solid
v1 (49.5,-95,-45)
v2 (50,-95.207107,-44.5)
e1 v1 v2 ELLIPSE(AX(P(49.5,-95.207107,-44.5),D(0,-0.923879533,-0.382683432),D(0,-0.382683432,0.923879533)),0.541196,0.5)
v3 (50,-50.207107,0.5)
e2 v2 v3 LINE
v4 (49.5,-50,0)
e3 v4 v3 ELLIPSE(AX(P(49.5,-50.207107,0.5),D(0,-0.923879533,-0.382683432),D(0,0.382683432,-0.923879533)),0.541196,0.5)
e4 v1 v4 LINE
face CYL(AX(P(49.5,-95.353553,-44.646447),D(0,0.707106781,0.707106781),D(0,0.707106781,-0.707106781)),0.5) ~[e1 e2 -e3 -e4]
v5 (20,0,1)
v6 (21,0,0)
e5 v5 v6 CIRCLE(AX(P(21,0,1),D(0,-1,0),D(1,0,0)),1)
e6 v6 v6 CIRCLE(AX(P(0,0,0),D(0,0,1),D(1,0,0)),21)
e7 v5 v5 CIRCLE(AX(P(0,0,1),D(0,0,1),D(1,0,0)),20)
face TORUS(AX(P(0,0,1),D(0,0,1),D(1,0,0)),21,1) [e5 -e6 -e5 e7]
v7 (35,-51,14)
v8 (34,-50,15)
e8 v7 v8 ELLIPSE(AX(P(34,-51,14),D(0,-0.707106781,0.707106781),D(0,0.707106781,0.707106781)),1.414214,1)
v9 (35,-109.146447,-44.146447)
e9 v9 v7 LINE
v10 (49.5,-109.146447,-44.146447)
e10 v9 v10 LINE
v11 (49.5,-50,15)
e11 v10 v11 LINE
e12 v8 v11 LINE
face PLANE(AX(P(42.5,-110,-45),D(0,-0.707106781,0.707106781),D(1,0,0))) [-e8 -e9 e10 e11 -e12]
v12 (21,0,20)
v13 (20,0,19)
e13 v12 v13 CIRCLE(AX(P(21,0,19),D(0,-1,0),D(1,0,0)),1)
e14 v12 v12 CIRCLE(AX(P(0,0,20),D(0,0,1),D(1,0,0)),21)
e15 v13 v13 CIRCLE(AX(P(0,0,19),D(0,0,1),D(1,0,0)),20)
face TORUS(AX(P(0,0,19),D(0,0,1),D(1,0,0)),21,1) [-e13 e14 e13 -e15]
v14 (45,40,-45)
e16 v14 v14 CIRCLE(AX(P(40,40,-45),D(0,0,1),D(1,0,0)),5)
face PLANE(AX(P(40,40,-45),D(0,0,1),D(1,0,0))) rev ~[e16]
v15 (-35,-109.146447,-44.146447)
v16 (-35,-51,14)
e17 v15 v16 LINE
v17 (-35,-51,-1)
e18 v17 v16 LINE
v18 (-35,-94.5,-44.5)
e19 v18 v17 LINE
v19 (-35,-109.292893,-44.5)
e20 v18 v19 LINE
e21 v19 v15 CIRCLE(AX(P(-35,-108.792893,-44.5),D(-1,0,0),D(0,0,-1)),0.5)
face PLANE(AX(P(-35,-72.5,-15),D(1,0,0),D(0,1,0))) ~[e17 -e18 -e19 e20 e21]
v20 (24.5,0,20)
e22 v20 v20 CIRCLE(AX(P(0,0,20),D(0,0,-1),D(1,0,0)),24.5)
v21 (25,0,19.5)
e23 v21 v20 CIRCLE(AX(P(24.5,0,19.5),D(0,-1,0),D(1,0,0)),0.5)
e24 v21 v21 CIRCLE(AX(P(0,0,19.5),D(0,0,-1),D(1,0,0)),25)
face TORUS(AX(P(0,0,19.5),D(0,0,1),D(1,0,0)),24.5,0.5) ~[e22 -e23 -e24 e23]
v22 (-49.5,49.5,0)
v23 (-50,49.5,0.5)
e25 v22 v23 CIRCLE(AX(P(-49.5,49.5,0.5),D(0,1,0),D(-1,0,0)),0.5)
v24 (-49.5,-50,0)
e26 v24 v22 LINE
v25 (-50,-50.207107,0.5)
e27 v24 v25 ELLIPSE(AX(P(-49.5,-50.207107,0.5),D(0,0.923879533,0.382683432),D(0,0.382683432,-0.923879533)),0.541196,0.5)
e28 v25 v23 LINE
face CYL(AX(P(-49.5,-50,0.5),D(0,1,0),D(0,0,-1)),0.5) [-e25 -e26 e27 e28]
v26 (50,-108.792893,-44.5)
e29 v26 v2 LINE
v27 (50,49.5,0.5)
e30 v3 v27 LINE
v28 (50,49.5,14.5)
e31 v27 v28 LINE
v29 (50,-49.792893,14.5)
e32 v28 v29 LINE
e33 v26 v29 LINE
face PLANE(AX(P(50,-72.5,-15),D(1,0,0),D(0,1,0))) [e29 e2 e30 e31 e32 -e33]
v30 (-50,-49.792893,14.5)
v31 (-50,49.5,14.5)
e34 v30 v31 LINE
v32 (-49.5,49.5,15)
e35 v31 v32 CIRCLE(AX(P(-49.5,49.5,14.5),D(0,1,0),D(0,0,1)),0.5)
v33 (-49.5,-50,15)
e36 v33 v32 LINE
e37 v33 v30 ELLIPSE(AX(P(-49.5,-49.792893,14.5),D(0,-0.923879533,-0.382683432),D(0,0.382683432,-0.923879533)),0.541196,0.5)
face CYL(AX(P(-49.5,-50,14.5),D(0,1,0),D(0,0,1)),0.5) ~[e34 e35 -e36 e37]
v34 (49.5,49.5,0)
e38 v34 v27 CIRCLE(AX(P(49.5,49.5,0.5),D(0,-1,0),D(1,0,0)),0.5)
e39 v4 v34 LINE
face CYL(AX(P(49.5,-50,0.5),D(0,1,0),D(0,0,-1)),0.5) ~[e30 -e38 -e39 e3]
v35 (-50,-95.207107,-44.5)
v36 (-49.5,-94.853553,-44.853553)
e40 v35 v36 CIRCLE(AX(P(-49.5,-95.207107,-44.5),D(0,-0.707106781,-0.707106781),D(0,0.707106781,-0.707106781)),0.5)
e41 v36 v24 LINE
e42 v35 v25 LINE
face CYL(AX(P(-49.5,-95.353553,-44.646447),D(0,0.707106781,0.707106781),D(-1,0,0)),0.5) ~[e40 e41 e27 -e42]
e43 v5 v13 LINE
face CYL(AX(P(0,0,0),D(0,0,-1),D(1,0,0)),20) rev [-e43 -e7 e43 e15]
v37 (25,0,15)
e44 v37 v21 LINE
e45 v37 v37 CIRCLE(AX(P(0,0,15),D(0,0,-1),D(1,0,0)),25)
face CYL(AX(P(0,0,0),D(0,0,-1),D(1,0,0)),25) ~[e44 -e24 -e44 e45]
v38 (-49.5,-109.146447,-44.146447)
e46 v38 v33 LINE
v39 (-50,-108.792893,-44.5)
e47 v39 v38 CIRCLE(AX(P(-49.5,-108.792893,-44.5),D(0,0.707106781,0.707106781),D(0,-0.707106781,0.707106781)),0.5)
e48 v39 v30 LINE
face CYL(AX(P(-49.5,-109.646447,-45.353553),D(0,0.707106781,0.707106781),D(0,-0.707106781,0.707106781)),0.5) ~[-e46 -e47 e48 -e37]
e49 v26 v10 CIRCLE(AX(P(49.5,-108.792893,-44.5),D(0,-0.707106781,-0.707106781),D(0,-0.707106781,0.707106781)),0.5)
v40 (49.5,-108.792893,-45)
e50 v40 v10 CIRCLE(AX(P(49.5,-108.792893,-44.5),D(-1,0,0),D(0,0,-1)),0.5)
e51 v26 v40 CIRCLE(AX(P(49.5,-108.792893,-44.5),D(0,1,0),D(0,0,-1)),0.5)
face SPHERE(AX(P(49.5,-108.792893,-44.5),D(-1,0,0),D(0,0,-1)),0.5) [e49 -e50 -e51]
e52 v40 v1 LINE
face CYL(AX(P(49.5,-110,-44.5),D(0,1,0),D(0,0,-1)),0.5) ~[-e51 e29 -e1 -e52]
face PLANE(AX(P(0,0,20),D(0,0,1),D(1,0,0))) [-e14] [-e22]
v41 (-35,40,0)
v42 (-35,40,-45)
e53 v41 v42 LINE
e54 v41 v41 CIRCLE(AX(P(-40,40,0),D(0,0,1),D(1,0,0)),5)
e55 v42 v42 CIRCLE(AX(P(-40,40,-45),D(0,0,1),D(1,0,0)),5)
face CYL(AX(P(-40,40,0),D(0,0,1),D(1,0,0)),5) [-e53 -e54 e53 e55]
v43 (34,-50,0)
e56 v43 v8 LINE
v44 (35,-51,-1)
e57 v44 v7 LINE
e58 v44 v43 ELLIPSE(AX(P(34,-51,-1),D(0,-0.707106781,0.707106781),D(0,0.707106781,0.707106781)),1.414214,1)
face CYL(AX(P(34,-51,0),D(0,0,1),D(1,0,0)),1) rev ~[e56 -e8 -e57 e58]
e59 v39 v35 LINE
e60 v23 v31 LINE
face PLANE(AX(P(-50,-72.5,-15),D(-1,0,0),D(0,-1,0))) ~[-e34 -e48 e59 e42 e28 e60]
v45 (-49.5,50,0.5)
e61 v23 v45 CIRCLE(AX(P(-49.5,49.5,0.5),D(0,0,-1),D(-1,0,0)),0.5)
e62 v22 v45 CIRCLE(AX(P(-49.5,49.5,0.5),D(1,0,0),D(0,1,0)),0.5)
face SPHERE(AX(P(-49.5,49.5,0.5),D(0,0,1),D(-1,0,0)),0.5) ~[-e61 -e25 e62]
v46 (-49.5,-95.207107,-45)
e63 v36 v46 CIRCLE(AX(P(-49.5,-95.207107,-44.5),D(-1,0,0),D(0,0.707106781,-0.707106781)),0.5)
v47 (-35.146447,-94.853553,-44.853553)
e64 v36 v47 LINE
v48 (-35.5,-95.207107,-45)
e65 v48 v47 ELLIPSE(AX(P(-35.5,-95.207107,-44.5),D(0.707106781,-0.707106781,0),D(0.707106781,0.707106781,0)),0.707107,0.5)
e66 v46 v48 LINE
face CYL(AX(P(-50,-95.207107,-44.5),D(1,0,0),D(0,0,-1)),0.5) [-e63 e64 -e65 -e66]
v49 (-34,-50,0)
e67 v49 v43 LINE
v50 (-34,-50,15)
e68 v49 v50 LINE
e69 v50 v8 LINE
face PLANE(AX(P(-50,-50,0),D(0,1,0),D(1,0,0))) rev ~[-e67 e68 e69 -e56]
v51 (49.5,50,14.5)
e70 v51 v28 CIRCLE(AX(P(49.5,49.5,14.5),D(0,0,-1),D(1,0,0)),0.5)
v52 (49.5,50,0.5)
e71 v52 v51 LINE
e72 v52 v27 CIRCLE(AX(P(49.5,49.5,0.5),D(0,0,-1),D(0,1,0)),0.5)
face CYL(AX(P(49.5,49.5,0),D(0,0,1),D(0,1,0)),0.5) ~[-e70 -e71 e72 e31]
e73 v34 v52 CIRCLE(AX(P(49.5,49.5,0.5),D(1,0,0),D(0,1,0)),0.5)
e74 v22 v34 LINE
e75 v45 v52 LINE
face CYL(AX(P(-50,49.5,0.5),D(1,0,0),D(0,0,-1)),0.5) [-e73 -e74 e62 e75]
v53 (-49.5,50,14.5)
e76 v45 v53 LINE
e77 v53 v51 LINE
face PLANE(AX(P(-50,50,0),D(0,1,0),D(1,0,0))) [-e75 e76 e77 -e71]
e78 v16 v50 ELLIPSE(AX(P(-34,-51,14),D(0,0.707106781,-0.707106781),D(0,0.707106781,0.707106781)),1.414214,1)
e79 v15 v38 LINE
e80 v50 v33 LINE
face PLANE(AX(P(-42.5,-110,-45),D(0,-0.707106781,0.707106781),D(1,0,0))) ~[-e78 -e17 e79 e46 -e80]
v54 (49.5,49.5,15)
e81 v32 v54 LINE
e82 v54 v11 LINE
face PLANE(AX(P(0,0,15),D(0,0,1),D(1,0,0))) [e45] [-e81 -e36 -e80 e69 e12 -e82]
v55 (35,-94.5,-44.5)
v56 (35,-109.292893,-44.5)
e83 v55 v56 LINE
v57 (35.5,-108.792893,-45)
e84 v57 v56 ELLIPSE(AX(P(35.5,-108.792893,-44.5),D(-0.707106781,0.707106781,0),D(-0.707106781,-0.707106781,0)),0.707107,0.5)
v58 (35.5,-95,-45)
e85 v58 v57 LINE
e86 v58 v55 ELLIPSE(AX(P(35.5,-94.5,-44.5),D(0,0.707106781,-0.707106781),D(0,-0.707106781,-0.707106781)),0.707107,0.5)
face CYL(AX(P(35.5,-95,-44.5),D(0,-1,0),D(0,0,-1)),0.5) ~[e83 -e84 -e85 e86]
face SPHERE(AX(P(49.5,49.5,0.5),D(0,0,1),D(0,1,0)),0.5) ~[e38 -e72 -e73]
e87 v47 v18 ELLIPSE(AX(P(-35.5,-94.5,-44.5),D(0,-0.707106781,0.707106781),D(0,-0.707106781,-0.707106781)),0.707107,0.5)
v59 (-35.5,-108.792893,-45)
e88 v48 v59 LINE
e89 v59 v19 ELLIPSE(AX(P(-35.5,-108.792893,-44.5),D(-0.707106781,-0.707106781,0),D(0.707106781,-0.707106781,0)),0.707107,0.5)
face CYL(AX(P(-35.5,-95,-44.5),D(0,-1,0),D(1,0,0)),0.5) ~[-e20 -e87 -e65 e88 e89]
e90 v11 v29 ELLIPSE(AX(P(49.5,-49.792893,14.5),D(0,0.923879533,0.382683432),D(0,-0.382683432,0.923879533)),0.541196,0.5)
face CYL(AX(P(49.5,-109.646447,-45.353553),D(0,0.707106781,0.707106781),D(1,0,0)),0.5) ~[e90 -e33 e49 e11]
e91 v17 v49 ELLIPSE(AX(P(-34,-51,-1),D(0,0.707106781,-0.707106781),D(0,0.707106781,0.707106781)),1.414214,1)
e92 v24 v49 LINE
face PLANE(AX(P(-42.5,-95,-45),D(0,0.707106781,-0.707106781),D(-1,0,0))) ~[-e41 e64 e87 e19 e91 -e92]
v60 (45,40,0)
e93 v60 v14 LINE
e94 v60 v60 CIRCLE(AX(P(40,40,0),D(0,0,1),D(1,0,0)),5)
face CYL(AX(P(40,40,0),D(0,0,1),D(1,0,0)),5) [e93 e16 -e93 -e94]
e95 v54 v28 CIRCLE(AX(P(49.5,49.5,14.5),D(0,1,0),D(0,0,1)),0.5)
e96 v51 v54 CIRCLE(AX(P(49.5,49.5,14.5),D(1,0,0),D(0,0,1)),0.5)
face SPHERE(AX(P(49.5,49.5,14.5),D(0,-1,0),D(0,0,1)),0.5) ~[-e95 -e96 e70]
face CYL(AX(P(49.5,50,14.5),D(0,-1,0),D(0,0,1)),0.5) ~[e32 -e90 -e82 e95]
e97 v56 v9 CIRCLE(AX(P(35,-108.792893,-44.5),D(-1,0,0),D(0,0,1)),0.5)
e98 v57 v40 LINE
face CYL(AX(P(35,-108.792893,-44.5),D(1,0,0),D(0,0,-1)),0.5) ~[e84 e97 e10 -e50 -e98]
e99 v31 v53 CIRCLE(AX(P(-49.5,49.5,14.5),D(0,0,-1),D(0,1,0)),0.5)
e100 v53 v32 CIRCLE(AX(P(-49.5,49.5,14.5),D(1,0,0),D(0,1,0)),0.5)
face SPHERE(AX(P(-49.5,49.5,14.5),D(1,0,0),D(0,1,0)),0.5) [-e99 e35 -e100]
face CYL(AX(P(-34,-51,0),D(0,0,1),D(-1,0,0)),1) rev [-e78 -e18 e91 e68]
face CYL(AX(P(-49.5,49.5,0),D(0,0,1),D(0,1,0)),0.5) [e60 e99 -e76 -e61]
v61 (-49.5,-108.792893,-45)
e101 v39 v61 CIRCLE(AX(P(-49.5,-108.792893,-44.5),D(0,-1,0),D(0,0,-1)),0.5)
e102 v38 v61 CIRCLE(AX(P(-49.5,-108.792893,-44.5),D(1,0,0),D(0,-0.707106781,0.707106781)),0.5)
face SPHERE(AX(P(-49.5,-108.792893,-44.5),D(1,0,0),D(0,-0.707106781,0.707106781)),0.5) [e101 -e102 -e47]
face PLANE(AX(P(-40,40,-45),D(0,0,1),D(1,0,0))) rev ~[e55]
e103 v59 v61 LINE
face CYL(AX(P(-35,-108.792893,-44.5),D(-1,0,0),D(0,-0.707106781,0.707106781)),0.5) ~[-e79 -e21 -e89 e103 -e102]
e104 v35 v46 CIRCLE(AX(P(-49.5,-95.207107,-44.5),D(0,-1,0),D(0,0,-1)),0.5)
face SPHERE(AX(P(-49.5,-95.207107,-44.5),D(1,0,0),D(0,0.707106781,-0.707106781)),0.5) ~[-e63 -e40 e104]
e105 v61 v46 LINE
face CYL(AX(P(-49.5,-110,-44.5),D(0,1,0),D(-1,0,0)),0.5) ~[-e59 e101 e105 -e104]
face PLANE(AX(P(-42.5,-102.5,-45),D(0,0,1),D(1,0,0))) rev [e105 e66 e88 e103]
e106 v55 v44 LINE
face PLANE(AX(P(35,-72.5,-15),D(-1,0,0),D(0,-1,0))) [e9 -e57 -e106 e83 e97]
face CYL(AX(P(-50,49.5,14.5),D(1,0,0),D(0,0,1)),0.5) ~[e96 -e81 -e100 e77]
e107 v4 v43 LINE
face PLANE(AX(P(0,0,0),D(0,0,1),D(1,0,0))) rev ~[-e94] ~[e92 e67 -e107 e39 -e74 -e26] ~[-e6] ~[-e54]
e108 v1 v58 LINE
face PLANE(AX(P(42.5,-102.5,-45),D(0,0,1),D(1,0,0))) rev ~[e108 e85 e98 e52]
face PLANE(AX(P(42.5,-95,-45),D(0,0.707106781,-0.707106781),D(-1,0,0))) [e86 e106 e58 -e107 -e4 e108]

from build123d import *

# Parameters (mm, degrees)
F0_W     = 100
F0_H     = 100
F0_R     = 5
F0_R_2   = 25
F1_DEPTH = 15
F0_R_3   = 19.999999553
F2_DEPTH = 20
F3_DEPTH = 45
F5_W     = 15
F5_H     = 15
F10_R    = 1
F11_R    = 0.5


with BuildPart() as f1:
    # F0 (on Top) → F1 (new body)
    with BuildSketch(Plane.XY):
        Rectangle(F0_W, F0_H)
        with Locations((-40, 40)):
            Circle(F0_R, mode=Mode.SUBTRACT)
        Circle(F0_R_2, mode=Mode.SUBTRACT)
        with Locations((40, 40)):
            Circle(F0_R, mode=Mode.SUBTRACT)
        with Locations((40, 40)):
            Circle(F0_R)
        with Locations((-40, 40)):
            Circle(F0_R)
    extrude(amount=F1_DEPTH)

    # F0 (on Top) → F2 (join)
    with BuildSketch(Plane.XY):
        Circle(F0_R_2)
        Circle(F0_R_3, mode=Mode.SUBTRACT)
    extrude(amount=F2_DEPTH)

    # F0 (on Top) → F3 (join)
    with BuildSketch(Plane.XY):
        with Locations((-40, 40)):
            Circle(F0_R)
        with Locations((40, 40)):
            Circle(F0_R)
    extrude(amount=-F3_DEPTH)

    # F8: sweep along a path in F7
    with BuildLine(Plane.YZ.offset(50)) as f8_path:
        Line((-110, -45), (-50, 15))
    # F5 (on offset) → F8 (sweep)
    with BuildSketch(Plane.XY.offset(-45)):
        with Locations((42.5, -102.5)):
            Rectangle(F5_W, F5_H)
    sweep(path=f8_path.line)

    # F9: F1 across plane


with BuildPart() as f1_1:
    add(f1.part)
    add(f1.part.mirror(Plane.YZ))

    # F10
    f10_edges = [f1_1.edges().sort_by_distance(p)[0] for p in [
        (-35, -50, 7.5),
        (35, -50, 7.5),
        (-20, 0, 0),
        (20, 0, 10),
        (-20, 0, 20),
    ]]
    fillet(f10_edges, radius=F10_R)

    # F11
    f11_edges = [f1_1.edges().sort_by_distance(p)[0] for p in [
        (-25, 0, 20),
        (50, 0, 15),
        (0, 50, 15),
        (50, 50, 7.5),
        (-50, 50, 7.5),
        (-50, 0, 15),
        (-50, 0, 0),
        (0, 50, 0),
        (50, 0, 0),
        (50, -72.5, -22.5),
        (50, -80, -15),
        (-50, -80, -15),
        (-50, -72.5, -22.5),
        (-50, -102.5, -45),
        (-42.5, -95, -45),
        (-42.5, -110, -45),
        (35, -102.5, -45),
        (42.5, -110, -45),
        (-35, -102.5, -45),
        (50, -102.5, -45),
    ]]
    fillet(f11_edges, radius=F11_R)


solid = f1_1.part
